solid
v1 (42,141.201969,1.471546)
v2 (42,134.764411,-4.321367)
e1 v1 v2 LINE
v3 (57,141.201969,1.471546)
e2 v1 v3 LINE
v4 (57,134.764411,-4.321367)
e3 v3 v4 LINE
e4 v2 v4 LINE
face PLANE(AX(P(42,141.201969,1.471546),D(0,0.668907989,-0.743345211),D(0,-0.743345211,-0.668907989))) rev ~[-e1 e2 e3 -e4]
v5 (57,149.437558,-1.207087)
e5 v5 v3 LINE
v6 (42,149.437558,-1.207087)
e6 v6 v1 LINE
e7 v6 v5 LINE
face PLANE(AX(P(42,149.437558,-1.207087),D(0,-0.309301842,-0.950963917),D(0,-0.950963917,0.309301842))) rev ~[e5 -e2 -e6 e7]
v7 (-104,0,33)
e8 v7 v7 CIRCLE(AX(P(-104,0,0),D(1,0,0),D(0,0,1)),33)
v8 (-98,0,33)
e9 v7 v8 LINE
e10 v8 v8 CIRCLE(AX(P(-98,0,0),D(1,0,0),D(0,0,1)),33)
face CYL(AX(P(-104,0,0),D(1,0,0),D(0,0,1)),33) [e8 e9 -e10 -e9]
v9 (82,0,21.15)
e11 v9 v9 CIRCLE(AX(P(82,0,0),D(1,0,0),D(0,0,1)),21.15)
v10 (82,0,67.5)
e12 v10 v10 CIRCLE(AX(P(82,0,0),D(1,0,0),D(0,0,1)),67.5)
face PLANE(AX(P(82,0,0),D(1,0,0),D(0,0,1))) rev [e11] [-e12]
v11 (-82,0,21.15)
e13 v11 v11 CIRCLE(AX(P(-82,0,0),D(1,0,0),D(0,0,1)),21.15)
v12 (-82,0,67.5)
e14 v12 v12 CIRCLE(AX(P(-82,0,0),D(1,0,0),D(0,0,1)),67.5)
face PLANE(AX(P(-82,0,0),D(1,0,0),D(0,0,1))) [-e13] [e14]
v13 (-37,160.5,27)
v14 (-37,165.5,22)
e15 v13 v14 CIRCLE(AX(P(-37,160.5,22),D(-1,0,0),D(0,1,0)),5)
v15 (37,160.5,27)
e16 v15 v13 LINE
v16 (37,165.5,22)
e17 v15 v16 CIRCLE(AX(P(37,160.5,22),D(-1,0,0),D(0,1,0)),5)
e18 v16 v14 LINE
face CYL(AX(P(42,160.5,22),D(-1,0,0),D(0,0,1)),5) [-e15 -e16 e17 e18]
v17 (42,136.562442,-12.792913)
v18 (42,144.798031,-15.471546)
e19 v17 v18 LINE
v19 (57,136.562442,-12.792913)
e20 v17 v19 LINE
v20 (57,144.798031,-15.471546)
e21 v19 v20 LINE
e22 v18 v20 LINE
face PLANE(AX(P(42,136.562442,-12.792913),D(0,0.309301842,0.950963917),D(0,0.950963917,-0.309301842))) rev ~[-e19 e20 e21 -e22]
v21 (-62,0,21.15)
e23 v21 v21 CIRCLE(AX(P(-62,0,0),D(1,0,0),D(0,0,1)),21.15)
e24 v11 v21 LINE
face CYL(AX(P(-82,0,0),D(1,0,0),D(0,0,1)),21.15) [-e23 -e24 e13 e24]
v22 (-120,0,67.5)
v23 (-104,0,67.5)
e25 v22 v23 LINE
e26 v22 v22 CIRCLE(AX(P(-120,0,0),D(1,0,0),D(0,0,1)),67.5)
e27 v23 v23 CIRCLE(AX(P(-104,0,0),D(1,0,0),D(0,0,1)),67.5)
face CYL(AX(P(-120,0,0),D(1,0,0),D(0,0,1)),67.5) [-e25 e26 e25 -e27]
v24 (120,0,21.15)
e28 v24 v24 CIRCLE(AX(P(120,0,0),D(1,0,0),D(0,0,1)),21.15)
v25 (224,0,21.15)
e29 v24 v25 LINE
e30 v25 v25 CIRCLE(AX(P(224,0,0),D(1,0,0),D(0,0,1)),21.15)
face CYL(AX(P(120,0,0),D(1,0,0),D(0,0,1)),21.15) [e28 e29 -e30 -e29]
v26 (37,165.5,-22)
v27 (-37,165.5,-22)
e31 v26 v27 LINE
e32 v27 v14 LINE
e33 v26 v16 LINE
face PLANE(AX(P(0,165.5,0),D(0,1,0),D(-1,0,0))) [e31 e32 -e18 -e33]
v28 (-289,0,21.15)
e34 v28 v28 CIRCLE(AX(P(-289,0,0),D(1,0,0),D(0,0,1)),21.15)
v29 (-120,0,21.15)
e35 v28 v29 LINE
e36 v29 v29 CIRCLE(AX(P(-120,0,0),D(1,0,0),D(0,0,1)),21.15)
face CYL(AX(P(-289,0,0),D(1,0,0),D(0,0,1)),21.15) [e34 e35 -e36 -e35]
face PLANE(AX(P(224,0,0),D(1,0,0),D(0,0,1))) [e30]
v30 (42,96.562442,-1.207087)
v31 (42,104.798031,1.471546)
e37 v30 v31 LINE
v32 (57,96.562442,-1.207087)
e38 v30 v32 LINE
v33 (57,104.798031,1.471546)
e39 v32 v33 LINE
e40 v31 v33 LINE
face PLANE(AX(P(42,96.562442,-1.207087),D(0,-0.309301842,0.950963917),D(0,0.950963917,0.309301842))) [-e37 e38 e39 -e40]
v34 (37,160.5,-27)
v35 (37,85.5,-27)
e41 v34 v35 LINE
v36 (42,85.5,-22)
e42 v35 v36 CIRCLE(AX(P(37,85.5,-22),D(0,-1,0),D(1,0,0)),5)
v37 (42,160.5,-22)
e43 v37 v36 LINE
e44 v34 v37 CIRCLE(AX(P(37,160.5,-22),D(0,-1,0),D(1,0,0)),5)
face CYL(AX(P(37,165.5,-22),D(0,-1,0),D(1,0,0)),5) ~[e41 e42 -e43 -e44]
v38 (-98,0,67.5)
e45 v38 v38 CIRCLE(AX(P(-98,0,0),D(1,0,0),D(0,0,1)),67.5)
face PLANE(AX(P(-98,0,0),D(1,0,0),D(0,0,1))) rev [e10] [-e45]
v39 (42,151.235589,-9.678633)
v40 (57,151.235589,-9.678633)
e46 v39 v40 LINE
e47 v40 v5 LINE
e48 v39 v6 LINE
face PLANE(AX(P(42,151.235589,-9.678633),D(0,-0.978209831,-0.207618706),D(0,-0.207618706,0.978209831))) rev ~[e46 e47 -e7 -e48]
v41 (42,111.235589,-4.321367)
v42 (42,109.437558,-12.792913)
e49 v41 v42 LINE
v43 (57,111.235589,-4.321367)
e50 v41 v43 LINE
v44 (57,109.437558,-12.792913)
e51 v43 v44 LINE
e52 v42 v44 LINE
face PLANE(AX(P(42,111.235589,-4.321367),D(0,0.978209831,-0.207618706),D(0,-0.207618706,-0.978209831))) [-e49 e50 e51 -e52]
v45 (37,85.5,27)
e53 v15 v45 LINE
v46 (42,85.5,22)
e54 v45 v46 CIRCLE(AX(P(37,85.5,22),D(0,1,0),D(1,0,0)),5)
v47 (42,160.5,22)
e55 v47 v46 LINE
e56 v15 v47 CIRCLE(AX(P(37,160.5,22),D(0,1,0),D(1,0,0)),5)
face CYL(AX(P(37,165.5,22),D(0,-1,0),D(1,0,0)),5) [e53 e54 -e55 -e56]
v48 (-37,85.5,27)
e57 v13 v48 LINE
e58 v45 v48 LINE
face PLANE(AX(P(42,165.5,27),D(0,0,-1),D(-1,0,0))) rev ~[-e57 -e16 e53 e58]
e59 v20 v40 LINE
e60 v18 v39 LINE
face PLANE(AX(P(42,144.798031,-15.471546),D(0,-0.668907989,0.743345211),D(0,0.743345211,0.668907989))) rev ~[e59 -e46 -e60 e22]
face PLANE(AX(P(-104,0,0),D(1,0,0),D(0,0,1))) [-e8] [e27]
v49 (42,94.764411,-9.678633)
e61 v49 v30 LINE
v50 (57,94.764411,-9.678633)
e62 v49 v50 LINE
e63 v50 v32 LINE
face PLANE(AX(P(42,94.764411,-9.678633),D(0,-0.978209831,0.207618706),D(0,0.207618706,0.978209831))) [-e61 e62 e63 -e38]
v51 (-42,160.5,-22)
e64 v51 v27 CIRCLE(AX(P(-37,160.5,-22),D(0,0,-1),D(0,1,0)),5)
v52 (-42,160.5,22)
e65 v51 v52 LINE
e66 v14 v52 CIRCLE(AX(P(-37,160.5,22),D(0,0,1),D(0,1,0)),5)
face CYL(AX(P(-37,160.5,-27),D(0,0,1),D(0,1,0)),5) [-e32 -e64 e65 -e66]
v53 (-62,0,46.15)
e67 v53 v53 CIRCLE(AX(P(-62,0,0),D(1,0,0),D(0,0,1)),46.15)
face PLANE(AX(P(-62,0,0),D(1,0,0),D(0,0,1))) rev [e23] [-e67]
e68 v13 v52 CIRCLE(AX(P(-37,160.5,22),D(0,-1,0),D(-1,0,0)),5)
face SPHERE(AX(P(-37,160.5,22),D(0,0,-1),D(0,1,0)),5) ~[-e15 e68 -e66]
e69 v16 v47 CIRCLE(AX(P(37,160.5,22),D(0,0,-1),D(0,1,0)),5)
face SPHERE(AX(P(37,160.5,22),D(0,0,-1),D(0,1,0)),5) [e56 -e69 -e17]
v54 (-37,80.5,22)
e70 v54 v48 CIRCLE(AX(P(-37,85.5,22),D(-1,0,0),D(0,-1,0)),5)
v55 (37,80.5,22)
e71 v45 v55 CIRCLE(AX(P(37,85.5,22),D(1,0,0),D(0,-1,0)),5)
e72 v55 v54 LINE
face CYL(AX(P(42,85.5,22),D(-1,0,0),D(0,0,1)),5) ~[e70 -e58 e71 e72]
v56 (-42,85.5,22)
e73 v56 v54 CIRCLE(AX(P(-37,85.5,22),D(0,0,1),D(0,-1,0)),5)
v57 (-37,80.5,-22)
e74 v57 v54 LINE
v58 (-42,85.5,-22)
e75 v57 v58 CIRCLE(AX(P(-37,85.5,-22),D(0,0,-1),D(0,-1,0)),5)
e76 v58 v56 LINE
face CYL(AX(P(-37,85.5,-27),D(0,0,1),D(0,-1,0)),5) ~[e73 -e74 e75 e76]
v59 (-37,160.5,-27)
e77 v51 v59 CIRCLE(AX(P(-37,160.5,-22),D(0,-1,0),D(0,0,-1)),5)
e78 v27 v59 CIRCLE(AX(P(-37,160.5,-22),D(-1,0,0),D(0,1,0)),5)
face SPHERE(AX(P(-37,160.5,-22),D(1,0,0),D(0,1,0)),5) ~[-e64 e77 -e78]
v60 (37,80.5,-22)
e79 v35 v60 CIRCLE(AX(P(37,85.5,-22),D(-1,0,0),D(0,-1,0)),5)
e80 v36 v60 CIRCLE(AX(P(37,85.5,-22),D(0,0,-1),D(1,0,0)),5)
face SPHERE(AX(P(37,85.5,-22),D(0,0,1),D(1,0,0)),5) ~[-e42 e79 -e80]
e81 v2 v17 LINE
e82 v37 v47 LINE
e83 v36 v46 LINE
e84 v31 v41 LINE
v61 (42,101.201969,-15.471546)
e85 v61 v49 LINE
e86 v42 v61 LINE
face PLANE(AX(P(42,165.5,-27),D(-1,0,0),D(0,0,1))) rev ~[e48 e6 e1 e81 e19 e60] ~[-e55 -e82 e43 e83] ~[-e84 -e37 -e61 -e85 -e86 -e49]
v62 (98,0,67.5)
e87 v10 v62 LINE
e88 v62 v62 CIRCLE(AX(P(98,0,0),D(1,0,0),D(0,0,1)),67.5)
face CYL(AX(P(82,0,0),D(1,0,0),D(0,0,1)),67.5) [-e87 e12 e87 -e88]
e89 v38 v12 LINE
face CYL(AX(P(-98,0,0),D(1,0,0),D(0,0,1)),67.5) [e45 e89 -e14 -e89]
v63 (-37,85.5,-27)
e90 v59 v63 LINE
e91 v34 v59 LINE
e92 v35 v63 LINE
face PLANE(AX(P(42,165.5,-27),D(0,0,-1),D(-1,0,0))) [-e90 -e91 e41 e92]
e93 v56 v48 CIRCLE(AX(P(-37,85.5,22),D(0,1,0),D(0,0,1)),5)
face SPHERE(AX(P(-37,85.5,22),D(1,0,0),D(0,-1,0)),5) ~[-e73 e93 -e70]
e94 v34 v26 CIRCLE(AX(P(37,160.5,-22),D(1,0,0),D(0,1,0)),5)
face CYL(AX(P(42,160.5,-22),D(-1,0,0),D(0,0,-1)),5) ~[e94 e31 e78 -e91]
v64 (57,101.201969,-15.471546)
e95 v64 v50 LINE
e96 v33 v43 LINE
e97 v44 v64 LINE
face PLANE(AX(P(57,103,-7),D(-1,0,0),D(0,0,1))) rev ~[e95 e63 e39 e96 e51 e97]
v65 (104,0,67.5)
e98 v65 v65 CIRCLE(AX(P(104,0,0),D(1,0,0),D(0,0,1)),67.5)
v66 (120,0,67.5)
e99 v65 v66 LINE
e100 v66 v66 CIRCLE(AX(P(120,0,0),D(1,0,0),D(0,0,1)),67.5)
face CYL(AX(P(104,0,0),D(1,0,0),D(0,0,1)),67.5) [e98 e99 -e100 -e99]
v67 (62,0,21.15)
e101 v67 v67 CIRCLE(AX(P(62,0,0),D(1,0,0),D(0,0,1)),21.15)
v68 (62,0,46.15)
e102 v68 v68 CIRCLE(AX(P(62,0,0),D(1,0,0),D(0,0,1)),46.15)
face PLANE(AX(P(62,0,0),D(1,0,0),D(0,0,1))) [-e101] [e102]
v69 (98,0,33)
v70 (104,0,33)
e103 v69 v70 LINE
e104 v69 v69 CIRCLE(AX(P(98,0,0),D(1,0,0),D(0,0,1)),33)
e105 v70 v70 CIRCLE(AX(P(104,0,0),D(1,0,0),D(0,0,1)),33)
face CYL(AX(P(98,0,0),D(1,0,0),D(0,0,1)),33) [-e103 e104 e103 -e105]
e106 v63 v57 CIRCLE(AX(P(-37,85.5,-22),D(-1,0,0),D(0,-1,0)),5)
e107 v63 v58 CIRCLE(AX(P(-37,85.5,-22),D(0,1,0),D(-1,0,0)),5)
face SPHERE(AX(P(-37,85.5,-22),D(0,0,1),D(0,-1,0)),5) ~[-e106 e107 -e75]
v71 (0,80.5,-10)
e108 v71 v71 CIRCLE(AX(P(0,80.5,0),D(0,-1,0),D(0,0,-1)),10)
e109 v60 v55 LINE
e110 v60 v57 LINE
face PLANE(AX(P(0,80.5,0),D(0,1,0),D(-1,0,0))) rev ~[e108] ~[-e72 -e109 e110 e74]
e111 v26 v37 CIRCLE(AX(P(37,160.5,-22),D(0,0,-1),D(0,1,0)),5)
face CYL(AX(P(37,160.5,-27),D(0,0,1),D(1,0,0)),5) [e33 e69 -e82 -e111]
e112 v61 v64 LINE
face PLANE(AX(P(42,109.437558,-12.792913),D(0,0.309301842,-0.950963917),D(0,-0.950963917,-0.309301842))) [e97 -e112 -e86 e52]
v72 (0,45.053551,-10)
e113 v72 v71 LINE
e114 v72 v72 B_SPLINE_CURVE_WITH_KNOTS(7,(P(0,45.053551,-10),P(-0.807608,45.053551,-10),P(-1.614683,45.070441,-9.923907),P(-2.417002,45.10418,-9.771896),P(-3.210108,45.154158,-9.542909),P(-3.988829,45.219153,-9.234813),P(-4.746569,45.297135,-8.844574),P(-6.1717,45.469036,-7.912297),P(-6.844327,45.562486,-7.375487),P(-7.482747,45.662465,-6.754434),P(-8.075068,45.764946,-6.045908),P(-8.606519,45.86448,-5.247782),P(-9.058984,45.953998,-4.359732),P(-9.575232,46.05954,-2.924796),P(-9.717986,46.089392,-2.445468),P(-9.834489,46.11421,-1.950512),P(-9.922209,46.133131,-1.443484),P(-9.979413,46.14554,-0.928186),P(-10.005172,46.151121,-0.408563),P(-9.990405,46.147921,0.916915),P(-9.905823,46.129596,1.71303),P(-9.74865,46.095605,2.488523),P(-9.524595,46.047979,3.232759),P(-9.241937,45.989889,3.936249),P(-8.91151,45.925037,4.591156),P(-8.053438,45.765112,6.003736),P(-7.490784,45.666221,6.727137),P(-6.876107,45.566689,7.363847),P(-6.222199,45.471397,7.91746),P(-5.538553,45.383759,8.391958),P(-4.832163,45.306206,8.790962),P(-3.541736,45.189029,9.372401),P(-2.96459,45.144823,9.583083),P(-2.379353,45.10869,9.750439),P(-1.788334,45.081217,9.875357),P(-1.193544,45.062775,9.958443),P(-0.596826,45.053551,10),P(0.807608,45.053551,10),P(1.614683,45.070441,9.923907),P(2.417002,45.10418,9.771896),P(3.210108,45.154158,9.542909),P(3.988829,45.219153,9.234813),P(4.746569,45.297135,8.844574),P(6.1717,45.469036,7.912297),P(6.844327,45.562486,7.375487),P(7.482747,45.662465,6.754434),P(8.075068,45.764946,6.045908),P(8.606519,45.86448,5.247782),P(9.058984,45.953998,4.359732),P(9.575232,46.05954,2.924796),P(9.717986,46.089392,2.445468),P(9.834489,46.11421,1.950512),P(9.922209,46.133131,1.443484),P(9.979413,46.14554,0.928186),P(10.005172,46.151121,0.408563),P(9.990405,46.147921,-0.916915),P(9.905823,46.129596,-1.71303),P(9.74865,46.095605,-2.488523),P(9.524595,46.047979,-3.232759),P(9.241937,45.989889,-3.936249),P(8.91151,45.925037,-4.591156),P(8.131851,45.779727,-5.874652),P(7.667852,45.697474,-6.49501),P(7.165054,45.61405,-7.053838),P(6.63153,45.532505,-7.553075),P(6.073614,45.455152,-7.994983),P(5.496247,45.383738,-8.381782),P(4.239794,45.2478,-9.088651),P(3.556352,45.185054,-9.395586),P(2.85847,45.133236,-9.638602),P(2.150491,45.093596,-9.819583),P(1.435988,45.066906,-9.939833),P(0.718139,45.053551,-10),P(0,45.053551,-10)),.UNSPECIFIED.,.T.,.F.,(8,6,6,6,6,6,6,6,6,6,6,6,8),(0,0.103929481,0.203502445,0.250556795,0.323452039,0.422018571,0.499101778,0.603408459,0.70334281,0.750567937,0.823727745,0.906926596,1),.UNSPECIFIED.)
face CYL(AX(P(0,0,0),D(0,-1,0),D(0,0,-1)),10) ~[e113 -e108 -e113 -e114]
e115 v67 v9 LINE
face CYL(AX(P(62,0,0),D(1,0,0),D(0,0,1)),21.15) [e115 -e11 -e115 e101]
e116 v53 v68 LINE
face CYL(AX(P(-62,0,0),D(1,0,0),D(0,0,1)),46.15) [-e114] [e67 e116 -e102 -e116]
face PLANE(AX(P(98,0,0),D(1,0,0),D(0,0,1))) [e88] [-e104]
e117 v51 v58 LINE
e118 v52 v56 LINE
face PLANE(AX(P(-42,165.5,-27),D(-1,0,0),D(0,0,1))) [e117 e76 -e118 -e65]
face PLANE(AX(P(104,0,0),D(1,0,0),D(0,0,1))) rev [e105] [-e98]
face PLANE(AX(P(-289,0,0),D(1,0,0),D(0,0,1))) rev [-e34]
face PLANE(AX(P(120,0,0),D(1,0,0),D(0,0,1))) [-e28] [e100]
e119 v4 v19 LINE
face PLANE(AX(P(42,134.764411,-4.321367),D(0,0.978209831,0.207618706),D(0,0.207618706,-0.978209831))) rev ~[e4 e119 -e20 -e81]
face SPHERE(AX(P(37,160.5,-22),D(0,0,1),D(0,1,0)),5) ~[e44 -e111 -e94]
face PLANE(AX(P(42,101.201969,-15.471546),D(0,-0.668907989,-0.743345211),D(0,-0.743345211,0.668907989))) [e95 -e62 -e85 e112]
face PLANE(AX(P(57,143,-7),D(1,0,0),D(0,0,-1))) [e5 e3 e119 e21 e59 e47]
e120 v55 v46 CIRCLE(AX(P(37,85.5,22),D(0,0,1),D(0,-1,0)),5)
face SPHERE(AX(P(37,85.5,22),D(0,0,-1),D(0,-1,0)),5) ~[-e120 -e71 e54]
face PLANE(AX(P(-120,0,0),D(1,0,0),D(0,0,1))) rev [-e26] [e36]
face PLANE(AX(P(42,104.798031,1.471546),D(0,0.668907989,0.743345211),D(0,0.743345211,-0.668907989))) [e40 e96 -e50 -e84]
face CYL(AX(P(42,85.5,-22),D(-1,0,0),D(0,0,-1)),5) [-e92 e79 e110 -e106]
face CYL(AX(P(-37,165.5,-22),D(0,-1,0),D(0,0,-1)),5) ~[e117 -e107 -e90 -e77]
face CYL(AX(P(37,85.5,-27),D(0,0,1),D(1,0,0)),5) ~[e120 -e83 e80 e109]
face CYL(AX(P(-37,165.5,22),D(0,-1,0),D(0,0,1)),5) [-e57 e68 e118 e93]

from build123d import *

# Parameters (mm, degrees)
SKETCH_4_R      = 10
EXTRUDE_3_DEPTH = 165.5
SKETCH_5_W      = 84
SKETCH_5_H      = 54
EXTRUDE_4_DEPTH = 85
FILLET_1_R      = 5
EXTRUDE_5_DEPTH = 15


with BuildPart() as part:
    # Эскиз3 → Повернуть2 (revolve)
    with BuildSketch(Plane(origin=(0, 0, 0), x_dir=(1, 0, 0), z_dir=(0, 1, 0))):
        Polygon((82, -67.5), (98, -67.5), (98, -33), (104, -33), (104, -67.5), (120, -67.5), (120, -21.15), (224, -21.15), (224, 0), (-289, 0), (-289, -21.15), (-120, -21.15), (-120, -67.5), (-104, -67.5), (-104, -33), (-98, -33), (-98, -67.5), (-82, -67.5), (-82, -21.15), (-62, -21.15), (-62, -46.15), (62, -46.15), (62, -21.15), (82, -21.15), align=None)
    revolve(axis=Axis((-117.293644386, 0, 0), (1, 0, 0)))

    # Эскиз4 → Вытянуть3 (add)
    with BuildSketch(Plane(origin=(0, 0, 0), x_dir=(1, 0, 0), z_dir=(0, 1, 0))):
        Circle(SKETCH_4_R)
    extrude(amount=EXTRUDE_3_DEPTH)

    # Эскиз5 → Вытянуть4 (add)
    with BuildSketch(Plane(origin=(0, 165.5, 0), x_dir=(-1, 0, 0), z_dir=(0, 1, 0))):
        Rectangle(SKETCH_5_W, SKETCH_5_H)
    extrude(amount=-EXTRUDE_4_DEPTH)

    # Скругление1
    fillet_1_edges = [part.edges().sort_by_distance(p)[0] for p in [
        (42, 165.5, 0),
        (0, 165.5, 27),
        (0, 165.5, -27),
        (-42, 165.5, 0),
        (-42, 123, -27),
        (-42, 80.5, 0),
        (0, 80.5, -27),
        (42, 80.5, 0),
        (0, 80.5, 27),
        (-42, 123, 27),
        (42, 123, -27),
        (42, 123, 27),
    ]]
    fillet(fillet_1_edges, radius=FILLET_1_R)

    # Эскиз6 → Вытянуть5 (add)
    with BuildSketch(Plane(origin=(42, 0, 0), x_dir=(0, 0, -1), z_dir=(1, 0, 0))):
        Polygon((4.321367474, 134.764410902), (12.792913111, 136.562441636), (15.471545637, 144.798030734), (9.678632526, 151.235589098), (1.207086889, 149.437558364), (-1.471545637, 141.201969266), align=None)
        Polygon((-1.471545637, 104.798030734), (4.321367474, 111.235589098), (12.792913111, 109.437558364), (15.471545637, 101.201969266), (9.678632526, 94.764410902), (1.207086889, 96.562441636), align=None)
    extrude(amount=EXTRUDE_5_DEPTH)


solid = part.part
